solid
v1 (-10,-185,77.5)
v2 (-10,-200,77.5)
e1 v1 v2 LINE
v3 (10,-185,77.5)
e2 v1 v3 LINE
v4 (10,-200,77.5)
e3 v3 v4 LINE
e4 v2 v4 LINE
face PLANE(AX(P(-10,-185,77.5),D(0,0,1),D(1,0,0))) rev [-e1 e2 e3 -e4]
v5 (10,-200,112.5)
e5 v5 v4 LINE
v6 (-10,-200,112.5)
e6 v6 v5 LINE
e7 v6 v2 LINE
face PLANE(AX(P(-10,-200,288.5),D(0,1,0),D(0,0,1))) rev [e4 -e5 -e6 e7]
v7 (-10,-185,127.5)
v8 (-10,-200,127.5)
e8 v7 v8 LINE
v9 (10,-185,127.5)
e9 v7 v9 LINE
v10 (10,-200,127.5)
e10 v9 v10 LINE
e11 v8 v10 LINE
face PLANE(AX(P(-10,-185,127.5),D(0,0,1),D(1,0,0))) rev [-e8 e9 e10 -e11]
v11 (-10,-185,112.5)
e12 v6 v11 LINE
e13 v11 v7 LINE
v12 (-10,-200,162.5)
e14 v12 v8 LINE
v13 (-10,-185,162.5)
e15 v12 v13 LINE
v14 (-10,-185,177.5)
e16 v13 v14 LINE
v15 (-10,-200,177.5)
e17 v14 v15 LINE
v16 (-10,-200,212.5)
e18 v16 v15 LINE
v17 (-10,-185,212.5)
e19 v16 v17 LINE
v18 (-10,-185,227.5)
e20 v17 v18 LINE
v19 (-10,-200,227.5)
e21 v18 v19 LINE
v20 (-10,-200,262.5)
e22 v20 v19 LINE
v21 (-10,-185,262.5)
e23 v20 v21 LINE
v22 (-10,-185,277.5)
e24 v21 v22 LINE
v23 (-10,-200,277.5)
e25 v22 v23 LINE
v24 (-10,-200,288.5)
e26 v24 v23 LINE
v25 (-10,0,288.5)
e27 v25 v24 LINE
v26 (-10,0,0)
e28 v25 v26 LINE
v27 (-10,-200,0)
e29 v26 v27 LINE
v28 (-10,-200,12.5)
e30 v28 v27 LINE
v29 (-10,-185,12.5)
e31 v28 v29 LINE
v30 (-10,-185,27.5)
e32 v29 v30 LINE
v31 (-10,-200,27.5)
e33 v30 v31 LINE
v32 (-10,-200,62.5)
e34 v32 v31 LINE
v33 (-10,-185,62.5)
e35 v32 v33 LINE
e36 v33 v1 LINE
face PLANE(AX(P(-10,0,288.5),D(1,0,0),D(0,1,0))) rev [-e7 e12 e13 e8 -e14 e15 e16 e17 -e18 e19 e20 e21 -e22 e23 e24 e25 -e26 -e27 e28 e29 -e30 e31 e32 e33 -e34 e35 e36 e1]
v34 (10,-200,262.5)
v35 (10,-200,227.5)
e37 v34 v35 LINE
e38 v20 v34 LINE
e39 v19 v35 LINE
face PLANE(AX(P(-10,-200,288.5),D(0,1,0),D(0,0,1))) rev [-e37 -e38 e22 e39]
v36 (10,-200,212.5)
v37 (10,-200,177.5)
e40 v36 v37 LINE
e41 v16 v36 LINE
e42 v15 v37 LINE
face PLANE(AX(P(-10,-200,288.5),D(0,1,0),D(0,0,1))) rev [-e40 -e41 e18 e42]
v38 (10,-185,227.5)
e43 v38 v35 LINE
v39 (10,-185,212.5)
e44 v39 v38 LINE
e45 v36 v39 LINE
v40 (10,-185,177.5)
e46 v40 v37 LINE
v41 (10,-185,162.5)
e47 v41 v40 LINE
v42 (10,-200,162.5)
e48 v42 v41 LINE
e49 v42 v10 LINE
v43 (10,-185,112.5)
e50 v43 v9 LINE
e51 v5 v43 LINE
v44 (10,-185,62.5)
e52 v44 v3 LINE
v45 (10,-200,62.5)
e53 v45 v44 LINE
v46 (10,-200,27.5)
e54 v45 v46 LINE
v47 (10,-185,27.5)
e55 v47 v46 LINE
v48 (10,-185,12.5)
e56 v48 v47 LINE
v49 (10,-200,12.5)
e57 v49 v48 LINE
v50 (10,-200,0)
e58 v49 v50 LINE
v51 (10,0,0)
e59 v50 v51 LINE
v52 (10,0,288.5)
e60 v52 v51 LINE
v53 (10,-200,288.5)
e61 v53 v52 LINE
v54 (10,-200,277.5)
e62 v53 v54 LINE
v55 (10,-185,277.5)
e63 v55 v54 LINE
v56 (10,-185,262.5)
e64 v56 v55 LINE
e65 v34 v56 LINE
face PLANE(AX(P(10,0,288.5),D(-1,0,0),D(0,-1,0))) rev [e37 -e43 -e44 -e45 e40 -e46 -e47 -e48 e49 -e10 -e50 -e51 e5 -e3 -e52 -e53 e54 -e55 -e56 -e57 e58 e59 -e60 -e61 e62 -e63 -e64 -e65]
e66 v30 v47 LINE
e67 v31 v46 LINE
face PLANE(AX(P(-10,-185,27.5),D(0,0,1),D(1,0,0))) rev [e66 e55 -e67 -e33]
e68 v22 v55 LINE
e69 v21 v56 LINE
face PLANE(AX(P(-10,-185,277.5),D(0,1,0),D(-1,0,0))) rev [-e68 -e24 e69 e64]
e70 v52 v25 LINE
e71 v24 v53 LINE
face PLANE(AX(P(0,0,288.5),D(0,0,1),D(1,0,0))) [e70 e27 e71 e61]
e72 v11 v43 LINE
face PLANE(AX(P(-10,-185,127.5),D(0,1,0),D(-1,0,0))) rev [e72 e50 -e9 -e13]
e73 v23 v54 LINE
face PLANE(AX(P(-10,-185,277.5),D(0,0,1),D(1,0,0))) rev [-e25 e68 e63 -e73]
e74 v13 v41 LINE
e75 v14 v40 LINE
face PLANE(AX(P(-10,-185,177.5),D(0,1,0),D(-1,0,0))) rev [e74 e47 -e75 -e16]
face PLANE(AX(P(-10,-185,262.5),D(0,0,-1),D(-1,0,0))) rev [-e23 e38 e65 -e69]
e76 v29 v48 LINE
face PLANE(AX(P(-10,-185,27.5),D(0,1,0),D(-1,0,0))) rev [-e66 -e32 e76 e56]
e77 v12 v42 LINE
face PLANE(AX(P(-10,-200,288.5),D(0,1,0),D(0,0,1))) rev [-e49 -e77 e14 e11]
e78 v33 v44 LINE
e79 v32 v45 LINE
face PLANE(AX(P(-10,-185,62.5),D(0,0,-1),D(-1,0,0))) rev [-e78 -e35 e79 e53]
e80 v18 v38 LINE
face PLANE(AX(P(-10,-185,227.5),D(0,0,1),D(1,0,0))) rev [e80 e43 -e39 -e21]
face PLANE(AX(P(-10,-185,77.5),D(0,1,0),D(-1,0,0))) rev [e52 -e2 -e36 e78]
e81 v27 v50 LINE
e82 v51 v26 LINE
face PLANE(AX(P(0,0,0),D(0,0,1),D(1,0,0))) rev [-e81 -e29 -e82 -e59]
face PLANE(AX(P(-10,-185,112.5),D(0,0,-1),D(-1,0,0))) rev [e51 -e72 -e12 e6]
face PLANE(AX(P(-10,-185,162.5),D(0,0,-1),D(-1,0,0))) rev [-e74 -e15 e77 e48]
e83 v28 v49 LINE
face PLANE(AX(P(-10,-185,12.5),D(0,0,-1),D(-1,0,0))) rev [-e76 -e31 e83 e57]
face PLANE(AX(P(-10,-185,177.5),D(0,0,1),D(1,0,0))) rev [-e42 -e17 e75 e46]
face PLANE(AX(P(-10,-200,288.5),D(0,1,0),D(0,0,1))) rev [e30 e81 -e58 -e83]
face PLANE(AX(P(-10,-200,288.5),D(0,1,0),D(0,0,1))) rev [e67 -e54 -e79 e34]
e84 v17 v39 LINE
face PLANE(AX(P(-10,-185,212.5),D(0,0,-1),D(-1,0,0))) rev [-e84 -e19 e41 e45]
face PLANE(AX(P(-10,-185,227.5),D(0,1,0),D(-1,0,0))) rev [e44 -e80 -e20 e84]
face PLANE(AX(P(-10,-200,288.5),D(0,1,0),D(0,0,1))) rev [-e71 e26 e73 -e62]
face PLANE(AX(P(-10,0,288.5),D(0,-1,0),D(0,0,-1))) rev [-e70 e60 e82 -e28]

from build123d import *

# Parameters (mm, degrees)
SKETCH1_W           = 20
SKETCH1_H           = 200
BOSS_EXTRUDE1_DEPTH = 288.5
SKETCH2_W           = 15
SKETCH2_H           = 15
CUT_EXTRUDE1_DEPTH  = 20


with BuildPart() as part:
    # Sketch1 → Boss-Extrude1 (new body)
    with BuildSketch(Plane.XY):
        with Locations((0, -100)):
            Rectangle(SKETCH1_W, SKETCH1_H)
    extrude(amount=BOSS_EXTRUDE1_DEPTH)

    # Sketch2 → Cut-Extrude1 (cut)
    with BuildSketch(Plane(origin=(10, 0, 0), x_dir=(0, 0, -1), z_dir=(1, 0, 0))):
        with Locations((-270, -192.5)):
            Rectangle(SKETCH2_W, SKETCH2_H)
        with Locations((-220, -192.5)):
            Rectangle(SKETCH2_W, SKETCH2_H)
        with Locations((-170, -192.5)):
            Rectangle(SKETCH2_W, SKETCH2_H)
        with Locations((-120, -192.5)):
            Rectangle(SKETCH2_W, SKETCH2_H)
        with Locations((-70, -192.5)):
            Rectangle(SKETCH2_W, SKETCH2_H)
        with Locations((-20, -192.5)):
            Rectangle(SKETCH2_W, SKETCH2_H)
    extrude(amount=-CUT_EXTRUDE1_DEPTH, mode=Mode.SUBTRACT)


solid = part.part
